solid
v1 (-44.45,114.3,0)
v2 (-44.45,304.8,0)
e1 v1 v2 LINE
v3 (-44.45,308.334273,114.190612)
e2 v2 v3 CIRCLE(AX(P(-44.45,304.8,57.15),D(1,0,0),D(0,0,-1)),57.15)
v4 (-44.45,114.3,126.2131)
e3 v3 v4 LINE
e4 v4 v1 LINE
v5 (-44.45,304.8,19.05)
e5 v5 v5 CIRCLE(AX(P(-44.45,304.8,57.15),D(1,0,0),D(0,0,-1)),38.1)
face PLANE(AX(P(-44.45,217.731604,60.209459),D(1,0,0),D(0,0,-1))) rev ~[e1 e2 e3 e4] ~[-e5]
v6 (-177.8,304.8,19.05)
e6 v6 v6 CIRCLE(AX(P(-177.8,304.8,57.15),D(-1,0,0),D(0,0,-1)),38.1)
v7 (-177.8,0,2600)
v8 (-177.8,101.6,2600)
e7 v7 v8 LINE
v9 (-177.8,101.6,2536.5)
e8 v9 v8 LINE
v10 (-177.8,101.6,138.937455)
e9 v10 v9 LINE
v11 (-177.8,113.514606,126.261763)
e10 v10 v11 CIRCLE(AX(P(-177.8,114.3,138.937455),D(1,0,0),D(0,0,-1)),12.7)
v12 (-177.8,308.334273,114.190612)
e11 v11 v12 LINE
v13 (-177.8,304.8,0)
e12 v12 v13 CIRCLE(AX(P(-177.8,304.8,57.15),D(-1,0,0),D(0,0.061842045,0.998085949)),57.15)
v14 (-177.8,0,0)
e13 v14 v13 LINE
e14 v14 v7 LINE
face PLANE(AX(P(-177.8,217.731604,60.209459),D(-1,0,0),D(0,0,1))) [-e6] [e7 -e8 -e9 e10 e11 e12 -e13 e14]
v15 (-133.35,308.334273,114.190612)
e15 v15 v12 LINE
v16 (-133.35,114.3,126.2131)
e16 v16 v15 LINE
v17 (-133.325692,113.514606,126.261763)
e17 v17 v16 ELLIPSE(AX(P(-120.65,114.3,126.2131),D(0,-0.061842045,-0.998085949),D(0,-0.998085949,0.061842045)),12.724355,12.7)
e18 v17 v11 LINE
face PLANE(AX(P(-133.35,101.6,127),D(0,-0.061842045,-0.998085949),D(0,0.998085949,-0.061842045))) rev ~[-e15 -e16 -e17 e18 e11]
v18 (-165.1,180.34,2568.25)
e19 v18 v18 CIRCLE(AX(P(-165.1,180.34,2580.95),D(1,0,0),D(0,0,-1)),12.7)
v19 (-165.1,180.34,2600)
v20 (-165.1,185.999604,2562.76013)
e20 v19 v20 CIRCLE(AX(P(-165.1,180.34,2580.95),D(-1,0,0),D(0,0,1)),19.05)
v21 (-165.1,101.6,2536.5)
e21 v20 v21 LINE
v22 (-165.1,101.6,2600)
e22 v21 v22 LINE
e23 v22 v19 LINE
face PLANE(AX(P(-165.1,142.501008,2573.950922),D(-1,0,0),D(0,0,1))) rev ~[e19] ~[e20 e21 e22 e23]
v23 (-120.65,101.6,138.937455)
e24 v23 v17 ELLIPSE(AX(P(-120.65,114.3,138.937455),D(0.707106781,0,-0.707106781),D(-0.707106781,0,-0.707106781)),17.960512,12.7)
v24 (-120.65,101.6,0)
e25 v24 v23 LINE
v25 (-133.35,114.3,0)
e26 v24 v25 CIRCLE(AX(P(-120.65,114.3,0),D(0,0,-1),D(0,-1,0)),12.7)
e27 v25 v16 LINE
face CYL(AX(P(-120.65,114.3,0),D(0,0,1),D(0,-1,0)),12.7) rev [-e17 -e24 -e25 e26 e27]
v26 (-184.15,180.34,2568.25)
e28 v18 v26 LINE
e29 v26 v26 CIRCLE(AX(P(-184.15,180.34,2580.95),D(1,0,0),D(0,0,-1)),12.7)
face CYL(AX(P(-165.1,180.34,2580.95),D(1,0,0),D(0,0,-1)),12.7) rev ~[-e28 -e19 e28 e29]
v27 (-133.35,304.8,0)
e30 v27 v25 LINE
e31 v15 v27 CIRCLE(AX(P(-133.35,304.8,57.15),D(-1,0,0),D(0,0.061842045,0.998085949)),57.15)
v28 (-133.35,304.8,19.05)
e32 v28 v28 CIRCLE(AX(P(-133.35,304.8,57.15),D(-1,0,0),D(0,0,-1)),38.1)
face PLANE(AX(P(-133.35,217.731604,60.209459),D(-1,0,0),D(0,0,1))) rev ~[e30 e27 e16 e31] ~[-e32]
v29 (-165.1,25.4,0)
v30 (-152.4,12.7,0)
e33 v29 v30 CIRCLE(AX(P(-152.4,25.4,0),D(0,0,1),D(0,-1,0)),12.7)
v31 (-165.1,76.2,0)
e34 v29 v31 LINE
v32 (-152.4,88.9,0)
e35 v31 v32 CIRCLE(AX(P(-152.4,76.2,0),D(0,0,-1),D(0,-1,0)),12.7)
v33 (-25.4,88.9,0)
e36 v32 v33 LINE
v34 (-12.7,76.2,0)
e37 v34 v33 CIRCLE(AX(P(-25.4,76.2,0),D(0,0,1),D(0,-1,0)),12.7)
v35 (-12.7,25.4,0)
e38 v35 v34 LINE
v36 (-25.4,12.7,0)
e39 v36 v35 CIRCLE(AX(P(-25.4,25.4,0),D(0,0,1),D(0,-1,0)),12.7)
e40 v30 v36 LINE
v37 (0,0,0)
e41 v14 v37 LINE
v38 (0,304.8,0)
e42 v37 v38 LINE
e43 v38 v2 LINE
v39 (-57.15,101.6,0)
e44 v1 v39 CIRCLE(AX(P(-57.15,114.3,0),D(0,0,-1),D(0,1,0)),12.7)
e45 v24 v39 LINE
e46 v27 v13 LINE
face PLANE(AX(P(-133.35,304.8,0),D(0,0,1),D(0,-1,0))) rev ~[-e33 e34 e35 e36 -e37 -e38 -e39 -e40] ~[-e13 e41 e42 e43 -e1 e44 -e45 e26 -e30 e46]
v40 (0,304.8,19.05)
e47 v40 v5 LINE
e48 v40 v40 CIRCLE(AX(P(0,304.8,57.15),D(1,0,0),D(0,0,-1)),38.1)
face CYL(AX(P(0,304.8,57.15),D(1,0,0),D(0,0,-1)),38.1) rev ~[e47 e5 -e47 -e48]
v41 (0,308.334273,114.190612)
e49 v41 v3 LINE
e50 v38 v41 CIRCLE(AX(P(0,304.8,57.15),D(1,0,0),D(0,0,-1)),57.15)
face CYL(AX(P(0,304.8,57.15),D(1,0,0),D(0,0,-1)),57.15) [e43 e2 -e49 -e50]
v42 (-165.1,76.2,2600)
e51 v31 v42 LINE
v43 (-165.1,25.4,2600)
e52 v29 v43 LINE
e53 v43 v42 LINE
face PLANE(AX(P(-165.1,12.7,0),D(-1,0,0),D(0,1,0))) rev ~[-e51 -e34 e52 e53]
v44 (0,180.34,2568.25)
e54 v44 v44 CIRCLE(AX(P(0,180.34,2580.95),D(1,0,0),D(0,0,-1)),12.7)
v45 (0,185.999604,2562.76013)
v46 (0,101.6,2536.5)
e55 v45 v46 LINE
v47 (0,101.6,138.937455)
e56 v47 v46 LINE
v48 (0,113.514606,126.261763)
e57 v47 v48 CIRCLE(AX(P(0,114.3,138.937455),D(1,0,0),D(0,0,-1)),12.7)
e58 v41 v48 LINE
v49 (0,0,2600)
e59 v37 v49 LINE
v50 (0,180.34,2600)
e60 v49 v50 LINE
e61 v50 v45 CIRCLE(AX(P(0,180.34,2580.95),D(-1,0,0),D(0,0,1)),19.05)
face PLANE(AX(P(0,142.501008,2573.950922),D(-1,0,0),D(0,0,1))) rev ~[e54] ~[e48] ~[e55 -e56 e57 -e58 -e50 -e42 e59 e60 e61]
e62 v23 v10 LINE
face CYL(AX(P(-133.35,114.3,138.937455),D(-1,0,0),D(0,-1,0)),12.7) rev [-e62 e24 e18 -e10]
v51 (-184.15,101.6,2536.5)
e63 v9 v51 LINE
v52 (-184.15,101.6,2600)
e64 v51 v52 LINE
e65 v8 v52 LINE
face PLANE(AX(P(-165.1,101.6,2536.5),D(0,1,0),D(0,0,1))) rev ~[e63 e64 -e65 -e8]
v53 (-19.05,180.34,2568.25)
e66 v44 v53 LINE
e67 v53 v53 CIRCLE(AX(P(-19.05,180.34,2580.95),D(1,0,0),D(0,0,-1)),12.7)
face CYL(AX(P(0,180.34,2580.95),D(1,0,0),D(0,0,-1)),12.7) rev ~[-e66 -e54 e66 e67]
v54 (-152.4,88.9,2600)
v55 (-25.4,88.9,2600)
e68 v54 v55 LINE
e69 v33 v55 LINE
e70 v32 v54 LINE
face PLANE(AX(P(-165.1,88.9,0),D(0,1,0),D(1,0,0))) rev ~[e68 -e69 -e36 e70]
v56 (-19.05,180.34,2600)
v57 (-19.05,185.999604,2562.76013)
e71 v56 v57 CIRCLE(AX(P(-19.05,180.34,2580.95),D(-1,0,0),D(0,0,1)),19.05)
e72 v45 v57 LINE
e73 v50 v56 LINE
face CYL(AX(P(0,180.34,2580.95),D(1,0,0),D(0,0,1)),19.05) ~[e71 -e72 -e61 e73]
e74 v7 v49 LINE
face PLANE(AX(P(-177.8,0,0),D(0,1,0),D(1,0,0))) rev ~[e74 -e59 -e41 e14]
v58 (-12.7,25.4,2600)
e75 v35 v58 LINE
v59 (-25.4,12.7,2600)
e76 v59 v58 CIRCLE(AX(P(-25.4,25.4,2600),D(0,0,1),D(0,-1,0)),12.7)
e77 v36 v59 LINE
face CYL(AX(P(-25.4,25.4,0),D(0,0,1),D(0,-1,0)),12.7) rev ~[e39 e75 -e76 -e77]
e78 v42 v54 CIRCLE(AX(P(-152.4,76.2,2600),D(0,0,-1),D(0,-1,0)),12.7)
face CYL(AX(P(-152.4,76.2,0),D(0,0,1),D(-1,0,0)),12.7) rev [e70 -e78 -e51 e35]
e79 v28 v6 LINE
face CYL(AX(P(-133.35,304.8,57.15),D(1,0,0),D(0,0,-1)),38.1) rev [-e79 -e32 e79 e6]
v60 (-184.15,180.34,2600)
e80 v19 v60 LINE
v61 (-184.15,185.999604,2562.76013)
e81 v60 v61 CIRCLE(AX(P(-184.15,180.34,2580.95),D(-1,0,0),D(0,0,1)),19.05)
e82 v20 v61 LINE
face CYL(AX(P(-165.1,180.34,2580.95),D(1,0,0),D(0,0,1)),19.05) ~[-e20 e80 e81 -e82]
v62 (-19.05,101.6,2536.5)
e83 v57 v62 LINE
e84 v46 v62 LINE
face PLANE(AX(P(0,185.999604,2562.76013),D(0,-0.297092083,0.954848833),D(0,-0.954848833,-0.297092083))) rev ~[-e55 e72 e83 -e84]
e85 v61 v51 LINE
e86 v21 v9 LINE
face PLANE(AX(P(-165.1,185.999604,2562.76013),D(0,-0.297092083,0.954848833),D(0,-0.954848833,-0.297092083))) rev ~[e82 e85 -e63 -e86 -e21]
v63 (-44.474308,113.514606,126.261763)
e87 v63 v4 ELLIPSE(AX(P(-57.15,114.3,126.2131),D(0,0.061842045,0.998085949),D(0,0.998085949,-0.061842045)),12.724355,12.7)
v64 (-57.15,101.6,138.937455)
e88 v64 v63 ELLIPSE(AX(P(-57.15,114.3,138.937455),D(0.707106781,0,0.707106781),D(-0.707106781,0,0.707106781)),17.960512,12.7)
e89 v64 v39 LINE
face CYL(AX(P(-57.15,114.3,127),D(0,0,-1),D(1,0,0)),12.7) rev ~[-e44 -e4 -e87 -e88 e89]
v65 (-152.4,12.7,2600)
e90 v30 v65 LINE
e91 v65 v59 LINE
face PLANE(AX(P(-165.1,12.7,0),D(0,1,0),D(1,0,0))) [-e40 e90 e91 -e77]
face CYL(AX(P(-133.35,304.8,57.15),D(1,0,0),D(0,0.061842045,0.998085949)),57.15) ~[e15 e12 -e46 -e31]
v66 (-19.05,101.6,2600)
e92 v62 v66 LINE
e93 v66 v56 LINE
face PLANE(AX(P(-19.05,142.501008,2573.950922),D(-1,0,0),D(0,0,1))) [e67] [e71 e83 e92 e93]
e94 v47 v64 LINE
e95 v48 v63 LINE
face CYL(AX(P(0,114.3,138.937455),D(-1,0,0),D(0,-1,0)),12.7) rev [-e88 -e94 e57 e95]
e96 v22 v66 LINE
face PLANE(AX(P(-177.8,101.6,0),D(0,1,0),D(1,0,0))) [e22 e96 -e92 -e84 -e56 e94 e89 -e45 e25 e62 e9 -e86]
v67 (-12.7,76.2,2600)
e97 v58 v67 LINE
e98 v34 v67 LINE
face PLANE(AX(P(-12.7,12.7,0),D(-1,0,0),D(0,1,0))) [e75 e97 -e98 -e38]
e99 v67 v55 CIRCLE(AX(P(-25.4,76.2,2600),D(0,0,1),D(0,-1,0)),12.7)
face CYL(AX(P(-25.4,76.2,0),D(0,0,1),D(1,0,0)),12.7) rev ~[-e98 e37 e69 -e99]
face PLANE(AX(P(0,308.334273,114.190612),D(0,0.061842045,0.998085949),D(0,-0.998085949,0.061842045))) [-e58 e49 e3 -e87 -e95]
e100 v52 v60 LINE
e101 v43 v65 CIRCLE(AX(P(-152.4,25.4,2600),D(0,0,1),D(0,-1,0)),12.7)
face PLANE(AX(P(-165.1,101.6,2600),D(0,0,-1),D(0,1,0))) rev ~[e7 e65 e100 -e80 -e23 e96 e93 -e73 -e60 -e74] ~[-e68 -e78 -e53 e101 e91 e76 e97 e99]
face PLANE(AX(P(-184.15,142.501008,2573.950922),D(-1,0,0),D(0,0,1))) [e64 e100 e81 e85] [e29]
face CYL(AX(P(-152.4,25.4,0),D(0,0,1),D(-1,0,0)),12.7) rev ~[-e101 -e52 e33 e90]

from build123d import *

# Parameters (mm, degrees)
SKETCH2_W           = 177.8
SKETCH2_H           = 101.6
SKETCH2_W_2         = 152.4
SKETCH2_H_2         = 76.2
BOSS_EXTRUDE2_DEPTH = 2600
SKETCH1_R           = 38.1
BOSS_EXTRUDE3_DEPTH = 44.45
BOSS_EXTRUDE5_START = -44.45
SKETCH3_R           = 38.1
BOSS_EXTRUDE5_DEPTH = 44.45
FILLET1_R           = 12.7
FILLET2_R           = 12.7
SKETCH5_R           = 12.7
BOSS_EXTRUDE7_DEPTH = 19.05
LPATTERN1_COUNT     = 2
LPATTERN1_PITCH     = 165.1


with BuildPart() as part:
    # Sketch2 → Boss-Extrude2 (new body)
    with BuildSketch(Plane.XY):
        with Locations((-88.9, 50.8)):
            Rectangle(SKETCH2_W, SKETCH2_H)
        with Locations((-88.9, 50.8)):
            Rectangle(SKETCH2_W_2, SKETCH2_H_2, mode=Mode.SUBTRACT)
    extrude(amount=BOSS_EXTRUDE2_DEPTH)

    # Sketch1 → Boss-Extrude3 (add)
    with BuildSketch(Plane(origin=(0, 0, 0), x_dir=(0, 0, -1), z_dir=(1, 0, 0))):
        with BuildLine():
            Line((-127, 101.6), (0, 101.6))
            Line((0, 101.6), (0, 304.8))
            ThreePointArc((0, 304.8), (-55.382017361, 361.922646449), (-114.190611982, 308.334272869))
            Line((-114.190611982, 308.334272869), (-127, 101.6))
        make_face()
        with Locations((-57.15, 304.8)):
            Circle(SKETCH1_R, mode=Mode.SUBTRACT)
    extrude(amount=-BOSS_EXTRUDE3_DEPTH)

    # Sketch3 → Boss-Extrude5 (add)
    with BuildSketch(Plane.ZY.offset(177.8).offset(BOSS_EXTRUDE5_START)):
        with BuildLine():
            Line((0, 304.8), (0, 101.6))
            Line((0, 101.6), (127, 101.6))
            Line((127, 101.6), (114.190611982, 308.334272869))
            ThreePointArc((114.190611982, 308.334272869), (55.382017361, 361.922646449), (0, 304.8))
        make_face()
        with Locations(Location((57.15, 304.8, 0), (0, 0, 180))):
            Circle(SKETCH3_R, mode=Mode.SUBTRACT)
    extrude(amount=BOSS_EXTRUDE5_DEPTH)

    # Fillet1
    fillet1_edges = [part.edges().sort_by_distance(p)[0] for p in [
        (-12.7, 88.9, 1300),
        (-165.1, 88.9, 1300),
        (-165.1, 12.7, 1300),
        (-12.7, 12.7, 1300),
    ]]
    fillet(fillet1_edges, radius=FILLET1_R)

    # Fillet2
    fillet2_edges = [part.edges().sort_by_distance(p)[0] for p in [
        (-44.45, 101.6, 63.5),
        (-22.225, 101.6, 127),
        (-133.35, 101.6, 63.5),
        (-155.575, 101.6, 127),
    ]]
    fillet(fillet2_edges, radius=FILLET2_R)

    # Sketch5 → Boss-Extrude7 (add)
    with BuildSketch(Plane(origin=(0, 0, 0), x_dir=(0, 0, -1), z_dir=(1, 0, 0))):
        with BuildLine():
            Line((-2600, 101.6), (-2600, 180.34))
            ThreePointArc((-2600, 180.34), (-2583.812295525, 199.173740052), (-2562.760129729, 185.999604185))
            Line((-2562.760129729, 185.999604185), (-2536.5, 101.6))
            Line((-2536.5, 101.6), (-2600, 101.6))
        make_face()
        with Locations((-2580.95, 180.34)):
            Circle(SKETCH5_R, mode=Mode.SUBTRACT)
    boss_extrude7 = extrude(amount=-BOSS_EXTRUDE7_DEPTH)

    # LPattern1: Boss-Extrude7 ×2
    with Locations(*[(-i * LPATTERN1_PITCH, 0, 0) for i in range(1, LPATTERN1_COUNT)]):
        add(boss_extrude7)


solid = part.part
